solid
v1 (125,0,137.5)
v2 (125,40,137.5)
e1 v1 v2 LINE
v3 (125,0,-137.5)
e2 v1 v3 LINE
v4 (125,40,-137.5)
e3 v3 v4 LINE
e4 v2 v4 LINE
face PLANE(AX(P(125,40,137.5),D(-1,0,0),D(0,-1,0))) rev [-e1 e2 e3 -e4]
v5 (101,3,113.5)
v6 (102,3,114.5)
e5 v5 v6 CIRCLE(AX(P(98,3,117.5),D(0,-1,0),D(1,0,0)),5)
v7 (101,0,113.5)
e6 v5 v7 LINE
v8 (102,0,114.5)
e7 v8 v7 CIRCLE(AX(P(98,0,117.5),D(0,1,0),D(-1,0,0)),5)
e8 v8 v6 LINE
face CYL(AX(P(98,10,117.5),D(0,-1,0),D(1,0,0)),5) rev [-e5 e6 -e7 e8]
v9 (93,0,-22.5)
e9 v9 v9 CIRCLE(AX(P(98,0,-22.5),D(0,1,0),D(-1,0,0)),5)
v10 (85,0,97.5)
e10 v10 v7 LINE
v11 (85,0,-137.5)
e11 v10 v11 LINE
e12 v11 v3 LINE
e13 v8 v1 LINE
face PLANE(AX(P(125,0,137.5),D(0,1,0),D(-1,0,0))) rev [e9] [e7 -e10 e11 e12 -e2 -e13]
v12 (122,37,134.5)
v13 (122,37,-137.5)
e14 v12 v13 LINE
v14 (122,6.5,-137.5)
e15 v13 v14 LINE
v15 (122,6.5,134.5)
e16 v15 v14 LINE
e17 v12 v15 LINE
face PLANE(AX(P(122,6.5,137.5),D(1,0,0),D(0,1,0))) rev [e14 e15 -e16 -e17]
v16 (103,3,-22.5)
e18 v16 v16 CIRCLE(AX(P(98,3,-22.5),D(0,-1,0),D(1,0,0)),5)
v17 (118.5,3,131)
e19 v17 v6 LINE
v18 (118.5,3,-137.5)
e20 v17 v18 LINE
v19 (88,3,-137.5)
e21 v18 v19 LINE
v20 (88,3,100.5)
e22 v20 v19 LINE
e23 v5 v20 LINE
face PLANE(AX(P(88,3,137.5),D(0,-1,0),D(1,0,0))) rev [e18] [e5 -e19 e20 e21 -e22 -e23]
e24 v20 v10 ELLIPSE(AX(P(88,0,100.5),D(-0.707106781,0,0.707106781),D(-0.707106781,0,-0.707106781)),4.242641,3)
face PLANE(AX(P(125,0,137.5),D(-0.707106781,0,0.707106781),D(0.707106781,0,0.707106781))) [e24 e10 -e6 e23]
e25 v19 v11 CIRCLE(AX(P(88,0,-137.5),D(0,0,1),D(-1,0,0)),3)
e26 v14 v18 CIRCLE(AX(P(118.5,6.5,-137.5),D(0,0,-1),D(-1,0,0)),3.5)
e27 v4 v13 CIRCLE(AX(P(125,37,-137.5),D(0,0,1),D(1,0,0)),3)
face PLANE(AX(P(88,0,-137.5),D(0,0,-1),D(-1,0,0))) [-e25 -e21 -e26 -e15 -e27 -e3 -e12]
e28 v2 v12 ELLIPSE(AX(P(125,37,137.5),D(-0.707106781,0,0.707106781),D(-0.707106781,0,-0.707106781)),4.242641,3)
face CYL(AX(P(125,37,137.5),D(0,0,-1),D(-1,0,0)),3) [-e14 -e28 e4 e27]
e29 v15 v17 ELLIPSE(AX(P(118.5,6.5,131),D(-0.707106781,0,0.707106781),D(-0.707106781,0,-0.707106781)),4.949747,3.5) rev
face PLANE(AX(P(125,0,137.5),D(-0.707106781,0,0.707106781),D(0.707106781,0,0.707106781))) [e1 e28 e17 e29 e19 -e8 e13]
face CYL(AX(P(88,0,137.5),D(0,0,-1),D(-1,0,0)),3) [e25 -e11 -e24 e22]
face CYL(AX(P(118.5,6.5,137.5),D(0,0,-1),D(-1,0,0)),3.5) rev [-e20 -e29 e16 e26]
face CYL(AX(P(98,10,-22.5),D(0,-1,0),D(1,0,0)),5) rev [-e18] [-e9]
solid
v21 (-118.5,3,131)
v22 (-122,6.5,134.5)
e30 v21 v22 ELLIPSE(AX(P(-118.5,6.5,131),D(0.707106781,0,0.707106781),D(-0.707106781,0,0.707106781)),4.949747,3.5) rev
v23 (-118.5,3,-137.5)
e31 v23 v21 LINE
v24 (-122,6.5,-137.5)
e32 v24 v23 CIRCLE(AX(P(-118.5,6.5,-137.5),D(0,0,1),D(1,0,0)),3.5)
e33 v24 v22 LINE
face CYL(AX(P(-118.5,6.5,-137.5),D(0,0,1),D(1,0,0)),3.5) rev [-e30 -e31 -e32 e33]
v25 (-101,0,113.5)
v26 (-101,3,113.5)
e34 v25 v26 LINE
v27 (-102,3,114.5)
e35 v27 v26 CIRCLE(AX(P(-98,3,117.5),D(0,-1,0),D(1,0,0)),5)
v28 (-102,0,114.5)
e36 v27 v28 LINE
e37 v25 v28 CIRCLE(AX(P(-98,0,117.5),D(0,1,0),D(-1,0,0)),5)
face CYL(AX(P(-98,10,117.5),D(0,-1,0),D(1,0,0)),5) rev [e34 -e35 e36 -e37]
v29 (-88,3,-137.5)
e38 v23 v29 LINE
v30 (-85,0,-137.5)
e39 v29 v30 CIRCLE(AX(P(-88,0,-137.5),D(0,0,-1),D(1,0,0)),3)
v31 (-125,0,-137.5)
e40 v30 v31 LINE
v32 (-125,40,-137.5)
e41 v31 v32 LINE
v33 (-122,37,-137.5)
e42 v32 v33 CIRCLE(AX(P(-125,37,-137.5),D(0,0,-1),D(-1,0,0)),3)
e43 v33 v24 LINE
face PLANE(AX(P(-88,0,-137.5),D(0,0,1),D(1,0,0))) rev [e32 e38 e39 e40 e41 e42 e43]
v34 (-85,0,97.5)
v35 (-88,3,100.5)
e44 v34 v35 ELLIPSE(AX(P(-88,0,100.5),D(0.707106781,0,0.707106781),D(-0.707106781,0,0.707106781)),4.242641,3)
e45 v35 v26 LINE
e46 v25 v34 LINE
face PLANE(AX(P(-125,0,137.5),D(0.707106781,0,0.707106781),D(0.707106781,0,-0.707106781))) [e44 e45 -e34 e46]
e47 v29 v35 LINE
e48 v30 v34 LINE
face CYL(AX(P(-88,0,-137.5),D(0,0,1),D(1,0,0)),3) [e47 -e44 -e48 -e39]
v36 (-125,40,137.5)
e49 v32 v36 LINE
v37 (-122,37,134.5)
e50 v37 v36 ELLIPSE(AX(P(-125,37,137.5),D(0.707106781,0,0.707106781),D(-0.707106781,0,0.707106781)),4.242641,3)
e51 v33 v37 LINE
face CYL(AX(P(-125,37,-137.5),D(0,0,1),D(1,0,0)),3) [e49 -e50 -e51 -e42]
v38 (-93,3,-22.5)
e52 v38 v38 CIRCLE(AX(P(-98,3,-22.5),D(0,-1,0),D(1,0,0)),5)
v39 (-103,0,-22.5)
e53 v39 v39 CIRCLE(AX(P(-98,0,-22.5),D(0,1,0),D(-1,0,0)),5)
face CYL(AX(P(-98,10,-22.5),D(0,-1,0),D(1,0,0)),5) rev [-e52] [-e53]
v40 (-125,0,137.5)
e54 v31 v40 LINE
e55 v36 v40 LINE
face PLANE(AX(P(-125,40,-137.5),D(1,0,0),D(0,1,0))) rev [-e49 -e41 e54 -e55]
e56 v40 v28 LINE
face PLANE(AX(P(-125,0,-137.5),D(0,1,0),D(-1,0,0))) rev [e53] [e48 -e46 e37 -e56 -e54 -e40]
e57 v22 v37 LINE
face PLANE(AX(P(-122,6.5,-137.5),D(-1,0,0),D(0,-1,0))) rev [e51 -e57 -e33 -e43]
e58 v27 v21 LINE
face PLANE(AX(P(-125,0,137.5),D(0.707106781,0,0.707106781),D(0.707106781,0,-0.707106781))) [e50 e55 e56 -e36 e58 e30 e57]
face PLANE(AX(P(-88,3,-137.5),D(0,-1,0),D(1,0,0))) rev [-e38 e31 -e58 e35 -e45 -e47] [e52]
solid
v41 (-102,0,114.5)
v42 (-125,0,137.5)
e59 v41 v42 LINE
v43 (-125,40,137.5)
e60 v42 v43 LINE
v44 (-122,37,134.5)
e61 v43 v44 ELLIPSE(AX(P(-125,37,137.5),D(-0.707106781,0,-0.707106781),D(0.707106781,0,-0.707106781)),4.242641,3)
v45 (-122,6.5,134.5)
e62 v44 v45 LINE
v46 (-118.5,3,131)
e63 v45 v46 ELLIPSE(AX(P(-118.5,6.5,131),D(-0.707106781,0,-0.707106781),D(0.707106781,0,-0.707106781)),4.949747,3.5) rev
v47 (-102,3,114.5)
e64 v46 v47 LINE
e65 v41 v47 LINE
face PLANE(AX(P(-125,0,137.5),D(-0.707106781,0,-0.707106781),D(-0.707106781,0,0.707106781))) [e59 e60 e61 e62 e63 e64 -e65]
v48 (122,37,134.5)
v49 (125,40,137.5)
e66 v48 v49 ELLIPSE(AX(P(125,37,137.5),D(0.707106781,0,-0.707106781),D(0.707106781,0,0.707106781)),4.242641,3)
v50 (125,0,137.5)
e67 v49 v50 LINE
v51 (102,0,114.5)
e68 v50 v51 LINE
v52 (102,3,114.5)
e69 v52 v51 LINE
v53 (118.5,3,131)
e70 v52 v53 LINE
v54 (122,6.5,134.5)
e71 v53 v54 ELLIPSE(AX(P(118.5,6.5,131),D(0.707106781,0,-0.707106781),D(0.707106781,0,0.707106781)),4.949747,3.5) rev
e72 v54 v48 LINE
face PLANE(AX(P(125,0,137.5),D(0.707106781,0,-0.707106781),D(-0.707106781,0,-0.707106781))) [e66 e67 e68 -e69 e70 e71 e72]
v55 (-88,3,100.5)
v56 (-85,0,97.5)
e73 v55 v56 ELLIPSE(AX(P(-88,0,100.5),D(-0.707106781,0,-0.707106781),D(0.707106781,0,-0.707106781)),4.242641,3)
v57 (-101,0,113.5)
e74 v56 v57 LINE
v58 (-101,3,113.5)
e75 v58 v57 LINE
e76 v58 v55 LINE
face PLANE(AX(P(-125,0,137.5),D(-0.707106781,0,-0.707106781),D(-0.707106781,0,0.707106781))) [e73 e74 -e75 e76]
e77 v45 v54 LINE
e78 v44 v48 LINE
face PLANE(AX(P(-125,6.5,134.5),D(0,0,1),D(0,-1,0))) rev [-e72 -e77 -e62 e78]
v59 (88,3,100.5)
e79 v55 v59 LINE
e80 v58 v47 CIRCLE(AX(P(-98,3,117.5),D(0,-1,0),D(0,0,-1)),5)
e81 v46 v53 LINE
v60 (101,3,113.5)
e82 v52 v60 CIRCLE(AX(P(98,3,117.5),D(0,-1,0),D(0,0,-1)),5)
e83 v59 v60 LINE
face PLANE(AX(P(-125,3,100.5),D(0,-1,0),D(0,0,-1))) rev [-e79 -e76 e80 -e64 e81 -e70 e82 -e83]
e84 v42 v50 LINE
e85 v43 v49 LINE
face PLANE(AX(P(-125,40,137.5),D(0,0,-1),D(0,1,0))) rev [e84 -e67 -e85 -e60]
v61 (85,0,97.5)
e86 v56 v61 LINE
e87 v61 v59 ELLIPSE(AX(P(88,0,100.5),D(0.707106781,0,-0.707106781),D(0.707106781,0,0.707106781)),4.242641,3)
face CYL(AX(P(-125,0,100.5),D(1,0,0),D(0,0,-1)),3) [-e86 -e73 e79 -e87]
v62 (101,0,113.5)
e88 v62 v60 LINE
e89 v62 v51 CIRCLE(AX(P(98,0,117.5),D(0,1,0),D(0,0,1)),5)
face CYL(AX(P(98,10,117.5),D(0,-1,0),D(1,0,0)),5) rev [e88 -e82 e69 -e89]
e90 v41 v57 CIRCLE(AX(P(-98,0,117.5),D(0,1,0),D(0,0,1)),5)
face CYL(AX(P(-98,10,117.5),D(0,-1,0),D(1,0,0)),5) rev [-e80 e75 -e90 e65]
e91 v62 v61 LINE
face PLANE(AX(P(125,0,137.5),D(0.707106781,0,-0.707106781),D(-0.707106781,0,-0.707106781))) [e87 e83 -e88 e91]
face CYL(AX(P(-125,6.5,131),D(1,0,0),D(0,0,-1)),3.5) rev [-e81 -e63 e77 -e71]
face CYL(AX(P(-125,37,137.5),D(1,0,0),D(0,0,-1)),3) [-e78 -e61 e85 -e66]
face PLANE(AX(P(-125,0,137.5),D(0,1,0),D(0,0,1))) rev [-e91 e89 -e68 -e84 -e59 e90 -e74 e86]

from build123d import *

# Parameters (mm, degrees)
IRON_V40X40X3_1_DEPTH        = 332.568542495
IRON_V40X40X3_1_2_DEPTH      = 365.13708499
IRON_V40X40X3_1_3_DEPTH      = 275
IRON_V40X40X3_1_3_DEPTH_BACK = 57.568542495
CUT_EXTRUDE1_START           = 10
SKETCH12_R                   = 5
CUT_EXTRUDE1_DEPTH           = 20


with BuildPart() as part:
    # Sketch11 on segment 1 (carried to segment 1) → Iron V40X40X3(1) (new body)
    with BuildSketch(Plane(origin=(125, 0, -137.5), x_dir=(0, 1, 0), z_dir=(0, 0, 1))):
        with BuildLine():
            Line((0, 0), (0, 40))
            ThreePointArc((0, 40), (2.121320344, 39.121320344), (3, 37))
            Line((3, 37), (3, 6.5))
            ThreePointArc((3, 6.5), (4.025126266, 4.025126266), (6.5, 3))
            Line((6.5, 3), (37, 3))
            ThreePointArc((37, 3), (39.121320344, 2.121320344), (40, 0))
            Line((40, 0), (0, 0))
        make_face()
    extrude(amount=IRON_V40X40X3_1_DEPTH)

    # Iron V40X40X3(1) mitre 1
    split(bisect_by=Plane(origin=(125, 0, 137.5), x_dir=(0, 1, 0), z_dir=(0.707106781, 0, -0.707106781)), keep=Keep.TOP)


with BuildPart() as body_2:
    # Sketch11 on segment 2 (carried to segment 2) → Iron V40X40X3_1 2 (new body)
    with BuildSketch(Plane(origin=(182.568542495, 0, 137.5), x_dir=(0, 1, 0), z_dir=(-1, 0, 0))):
        with BuildLine():
            Line((0, 0), (0, 40))
            ThreePointArc((0, 40), (2.121320344, 39.121320344), (3, 37))
            Line((3, 37), (3, 6.5))
            ThreePointArc((3, 6.5), (4.025126266, 4.025126266), (6.5, 3))
            Line((6.5, 3), (37, 3))
            ThreePointArc((37, 3), (39.121320344, 2.121320344), (40, 0))
            Line((40, 0), (0, 0))
        make_face()
    extrude(amount=IRON_V40X40X3_1_2_DEPTH)

    # Iron V40X40X3_1 2 mitre 1
    split(bisect_by=Plane(origin=(125, 0, 137.5), x_dir=(0, -1, 0), z_dir=(-0.707106781, 0, 0.707106781)), keep=Keep.TOP)

    # Iron V40X40X3_1 2 mitre 2
    split(bisect_by=Plane(origin=(-125, 0, 137.5), x_dir=(0, 1, 0), z_dir=(0.707106781, 0, 0.707106781)), keep=Keep.TOP)


with BuildPart() as body_3:
    # Sketch11 → Iron V40X40X3_1 3 (new, two sides: drawn at the far end of the back side and taken through both)
    with BuildSketch(Plane(origin=(-125, 0, 137.5), x_dir=(0, 1, 0), z_dir=(0, 0, -1)).offset(-IRON_V40X40X3_1_3_DEPTH_BACK)):
        with BuildLine():
            Line((0, 0), (0, 40))
            ThreePointArc((0, 40), (2.121320344, 39.121320344), (3, 37))
            Line((3, 37), (3, 6.5))
            ThreePointArc((3, 6.5), (4.025126266, 4.025126266), (6.5, 3))
            Line((6.5, 3), (37, 3))
            ThreePointArc((37, 3), (39.121320344, 2.121320344), (40, 0))
            Line((40, 0), (0, 0))
        make_face()
    extrude(amount=IRON_V40X40X3_1_3_DEPTH + IRON_V40X40X3_1_3_DEPTH_BACK)

    # Iron V40X40X3_1 3 mitre 1
    split(bisect_by=Plane(origin=(-125, 0, 137.5), x_dir=(0, -1, 0), z_dir=(-0.707106781, 0, -0.707106781)), keep=Keep.TOP)


with BuildPart() as cut_extrude1_tool:
    # Sketch12 → Cut-Extrude1 (new body)
    with BuildSketch(Plane.XZ.offset(CUT_EXTRUDE1_START)):
        with Locations((-98, 117.5)):
            Circle(SKETCH12_R)
        with Locations((98, 117.5)):
            Circle(SKETCH12_R)
        with Locations((98, -22.5)):
            Circle(SKETCH12_R)
        with Locations((-98, -22.5)):
            Circle(SKETCH12_R)
    extrude(amount=-CUT_EXTRUDE1_DEPTH)


with BuildPart() as part_1:
    add(part.part)

    # Cut-Extrude1: cut by cut_extrude1_tool
    add(cut_extrude1_tool.part, mode=Mode.SUBTRACT)


with BuildPart() as body_2_1:
    add(body_2.part)

    # Cut-Extrude1: cut by cut_extrude1_tool
    add(cut_extrude1_tool.part, mode=Mode.SUBTRACT)


with BuildPart() as body_3_1:
    add(body_3.part)

    # Cut-Extrude1: cut by cut_extrude1_tool
    add(cut_extrude1_tool.part, mode=Mode.SUBTRACT)


solid = Compound([part_1.part, body_2_1.part, body_3_1.part])
